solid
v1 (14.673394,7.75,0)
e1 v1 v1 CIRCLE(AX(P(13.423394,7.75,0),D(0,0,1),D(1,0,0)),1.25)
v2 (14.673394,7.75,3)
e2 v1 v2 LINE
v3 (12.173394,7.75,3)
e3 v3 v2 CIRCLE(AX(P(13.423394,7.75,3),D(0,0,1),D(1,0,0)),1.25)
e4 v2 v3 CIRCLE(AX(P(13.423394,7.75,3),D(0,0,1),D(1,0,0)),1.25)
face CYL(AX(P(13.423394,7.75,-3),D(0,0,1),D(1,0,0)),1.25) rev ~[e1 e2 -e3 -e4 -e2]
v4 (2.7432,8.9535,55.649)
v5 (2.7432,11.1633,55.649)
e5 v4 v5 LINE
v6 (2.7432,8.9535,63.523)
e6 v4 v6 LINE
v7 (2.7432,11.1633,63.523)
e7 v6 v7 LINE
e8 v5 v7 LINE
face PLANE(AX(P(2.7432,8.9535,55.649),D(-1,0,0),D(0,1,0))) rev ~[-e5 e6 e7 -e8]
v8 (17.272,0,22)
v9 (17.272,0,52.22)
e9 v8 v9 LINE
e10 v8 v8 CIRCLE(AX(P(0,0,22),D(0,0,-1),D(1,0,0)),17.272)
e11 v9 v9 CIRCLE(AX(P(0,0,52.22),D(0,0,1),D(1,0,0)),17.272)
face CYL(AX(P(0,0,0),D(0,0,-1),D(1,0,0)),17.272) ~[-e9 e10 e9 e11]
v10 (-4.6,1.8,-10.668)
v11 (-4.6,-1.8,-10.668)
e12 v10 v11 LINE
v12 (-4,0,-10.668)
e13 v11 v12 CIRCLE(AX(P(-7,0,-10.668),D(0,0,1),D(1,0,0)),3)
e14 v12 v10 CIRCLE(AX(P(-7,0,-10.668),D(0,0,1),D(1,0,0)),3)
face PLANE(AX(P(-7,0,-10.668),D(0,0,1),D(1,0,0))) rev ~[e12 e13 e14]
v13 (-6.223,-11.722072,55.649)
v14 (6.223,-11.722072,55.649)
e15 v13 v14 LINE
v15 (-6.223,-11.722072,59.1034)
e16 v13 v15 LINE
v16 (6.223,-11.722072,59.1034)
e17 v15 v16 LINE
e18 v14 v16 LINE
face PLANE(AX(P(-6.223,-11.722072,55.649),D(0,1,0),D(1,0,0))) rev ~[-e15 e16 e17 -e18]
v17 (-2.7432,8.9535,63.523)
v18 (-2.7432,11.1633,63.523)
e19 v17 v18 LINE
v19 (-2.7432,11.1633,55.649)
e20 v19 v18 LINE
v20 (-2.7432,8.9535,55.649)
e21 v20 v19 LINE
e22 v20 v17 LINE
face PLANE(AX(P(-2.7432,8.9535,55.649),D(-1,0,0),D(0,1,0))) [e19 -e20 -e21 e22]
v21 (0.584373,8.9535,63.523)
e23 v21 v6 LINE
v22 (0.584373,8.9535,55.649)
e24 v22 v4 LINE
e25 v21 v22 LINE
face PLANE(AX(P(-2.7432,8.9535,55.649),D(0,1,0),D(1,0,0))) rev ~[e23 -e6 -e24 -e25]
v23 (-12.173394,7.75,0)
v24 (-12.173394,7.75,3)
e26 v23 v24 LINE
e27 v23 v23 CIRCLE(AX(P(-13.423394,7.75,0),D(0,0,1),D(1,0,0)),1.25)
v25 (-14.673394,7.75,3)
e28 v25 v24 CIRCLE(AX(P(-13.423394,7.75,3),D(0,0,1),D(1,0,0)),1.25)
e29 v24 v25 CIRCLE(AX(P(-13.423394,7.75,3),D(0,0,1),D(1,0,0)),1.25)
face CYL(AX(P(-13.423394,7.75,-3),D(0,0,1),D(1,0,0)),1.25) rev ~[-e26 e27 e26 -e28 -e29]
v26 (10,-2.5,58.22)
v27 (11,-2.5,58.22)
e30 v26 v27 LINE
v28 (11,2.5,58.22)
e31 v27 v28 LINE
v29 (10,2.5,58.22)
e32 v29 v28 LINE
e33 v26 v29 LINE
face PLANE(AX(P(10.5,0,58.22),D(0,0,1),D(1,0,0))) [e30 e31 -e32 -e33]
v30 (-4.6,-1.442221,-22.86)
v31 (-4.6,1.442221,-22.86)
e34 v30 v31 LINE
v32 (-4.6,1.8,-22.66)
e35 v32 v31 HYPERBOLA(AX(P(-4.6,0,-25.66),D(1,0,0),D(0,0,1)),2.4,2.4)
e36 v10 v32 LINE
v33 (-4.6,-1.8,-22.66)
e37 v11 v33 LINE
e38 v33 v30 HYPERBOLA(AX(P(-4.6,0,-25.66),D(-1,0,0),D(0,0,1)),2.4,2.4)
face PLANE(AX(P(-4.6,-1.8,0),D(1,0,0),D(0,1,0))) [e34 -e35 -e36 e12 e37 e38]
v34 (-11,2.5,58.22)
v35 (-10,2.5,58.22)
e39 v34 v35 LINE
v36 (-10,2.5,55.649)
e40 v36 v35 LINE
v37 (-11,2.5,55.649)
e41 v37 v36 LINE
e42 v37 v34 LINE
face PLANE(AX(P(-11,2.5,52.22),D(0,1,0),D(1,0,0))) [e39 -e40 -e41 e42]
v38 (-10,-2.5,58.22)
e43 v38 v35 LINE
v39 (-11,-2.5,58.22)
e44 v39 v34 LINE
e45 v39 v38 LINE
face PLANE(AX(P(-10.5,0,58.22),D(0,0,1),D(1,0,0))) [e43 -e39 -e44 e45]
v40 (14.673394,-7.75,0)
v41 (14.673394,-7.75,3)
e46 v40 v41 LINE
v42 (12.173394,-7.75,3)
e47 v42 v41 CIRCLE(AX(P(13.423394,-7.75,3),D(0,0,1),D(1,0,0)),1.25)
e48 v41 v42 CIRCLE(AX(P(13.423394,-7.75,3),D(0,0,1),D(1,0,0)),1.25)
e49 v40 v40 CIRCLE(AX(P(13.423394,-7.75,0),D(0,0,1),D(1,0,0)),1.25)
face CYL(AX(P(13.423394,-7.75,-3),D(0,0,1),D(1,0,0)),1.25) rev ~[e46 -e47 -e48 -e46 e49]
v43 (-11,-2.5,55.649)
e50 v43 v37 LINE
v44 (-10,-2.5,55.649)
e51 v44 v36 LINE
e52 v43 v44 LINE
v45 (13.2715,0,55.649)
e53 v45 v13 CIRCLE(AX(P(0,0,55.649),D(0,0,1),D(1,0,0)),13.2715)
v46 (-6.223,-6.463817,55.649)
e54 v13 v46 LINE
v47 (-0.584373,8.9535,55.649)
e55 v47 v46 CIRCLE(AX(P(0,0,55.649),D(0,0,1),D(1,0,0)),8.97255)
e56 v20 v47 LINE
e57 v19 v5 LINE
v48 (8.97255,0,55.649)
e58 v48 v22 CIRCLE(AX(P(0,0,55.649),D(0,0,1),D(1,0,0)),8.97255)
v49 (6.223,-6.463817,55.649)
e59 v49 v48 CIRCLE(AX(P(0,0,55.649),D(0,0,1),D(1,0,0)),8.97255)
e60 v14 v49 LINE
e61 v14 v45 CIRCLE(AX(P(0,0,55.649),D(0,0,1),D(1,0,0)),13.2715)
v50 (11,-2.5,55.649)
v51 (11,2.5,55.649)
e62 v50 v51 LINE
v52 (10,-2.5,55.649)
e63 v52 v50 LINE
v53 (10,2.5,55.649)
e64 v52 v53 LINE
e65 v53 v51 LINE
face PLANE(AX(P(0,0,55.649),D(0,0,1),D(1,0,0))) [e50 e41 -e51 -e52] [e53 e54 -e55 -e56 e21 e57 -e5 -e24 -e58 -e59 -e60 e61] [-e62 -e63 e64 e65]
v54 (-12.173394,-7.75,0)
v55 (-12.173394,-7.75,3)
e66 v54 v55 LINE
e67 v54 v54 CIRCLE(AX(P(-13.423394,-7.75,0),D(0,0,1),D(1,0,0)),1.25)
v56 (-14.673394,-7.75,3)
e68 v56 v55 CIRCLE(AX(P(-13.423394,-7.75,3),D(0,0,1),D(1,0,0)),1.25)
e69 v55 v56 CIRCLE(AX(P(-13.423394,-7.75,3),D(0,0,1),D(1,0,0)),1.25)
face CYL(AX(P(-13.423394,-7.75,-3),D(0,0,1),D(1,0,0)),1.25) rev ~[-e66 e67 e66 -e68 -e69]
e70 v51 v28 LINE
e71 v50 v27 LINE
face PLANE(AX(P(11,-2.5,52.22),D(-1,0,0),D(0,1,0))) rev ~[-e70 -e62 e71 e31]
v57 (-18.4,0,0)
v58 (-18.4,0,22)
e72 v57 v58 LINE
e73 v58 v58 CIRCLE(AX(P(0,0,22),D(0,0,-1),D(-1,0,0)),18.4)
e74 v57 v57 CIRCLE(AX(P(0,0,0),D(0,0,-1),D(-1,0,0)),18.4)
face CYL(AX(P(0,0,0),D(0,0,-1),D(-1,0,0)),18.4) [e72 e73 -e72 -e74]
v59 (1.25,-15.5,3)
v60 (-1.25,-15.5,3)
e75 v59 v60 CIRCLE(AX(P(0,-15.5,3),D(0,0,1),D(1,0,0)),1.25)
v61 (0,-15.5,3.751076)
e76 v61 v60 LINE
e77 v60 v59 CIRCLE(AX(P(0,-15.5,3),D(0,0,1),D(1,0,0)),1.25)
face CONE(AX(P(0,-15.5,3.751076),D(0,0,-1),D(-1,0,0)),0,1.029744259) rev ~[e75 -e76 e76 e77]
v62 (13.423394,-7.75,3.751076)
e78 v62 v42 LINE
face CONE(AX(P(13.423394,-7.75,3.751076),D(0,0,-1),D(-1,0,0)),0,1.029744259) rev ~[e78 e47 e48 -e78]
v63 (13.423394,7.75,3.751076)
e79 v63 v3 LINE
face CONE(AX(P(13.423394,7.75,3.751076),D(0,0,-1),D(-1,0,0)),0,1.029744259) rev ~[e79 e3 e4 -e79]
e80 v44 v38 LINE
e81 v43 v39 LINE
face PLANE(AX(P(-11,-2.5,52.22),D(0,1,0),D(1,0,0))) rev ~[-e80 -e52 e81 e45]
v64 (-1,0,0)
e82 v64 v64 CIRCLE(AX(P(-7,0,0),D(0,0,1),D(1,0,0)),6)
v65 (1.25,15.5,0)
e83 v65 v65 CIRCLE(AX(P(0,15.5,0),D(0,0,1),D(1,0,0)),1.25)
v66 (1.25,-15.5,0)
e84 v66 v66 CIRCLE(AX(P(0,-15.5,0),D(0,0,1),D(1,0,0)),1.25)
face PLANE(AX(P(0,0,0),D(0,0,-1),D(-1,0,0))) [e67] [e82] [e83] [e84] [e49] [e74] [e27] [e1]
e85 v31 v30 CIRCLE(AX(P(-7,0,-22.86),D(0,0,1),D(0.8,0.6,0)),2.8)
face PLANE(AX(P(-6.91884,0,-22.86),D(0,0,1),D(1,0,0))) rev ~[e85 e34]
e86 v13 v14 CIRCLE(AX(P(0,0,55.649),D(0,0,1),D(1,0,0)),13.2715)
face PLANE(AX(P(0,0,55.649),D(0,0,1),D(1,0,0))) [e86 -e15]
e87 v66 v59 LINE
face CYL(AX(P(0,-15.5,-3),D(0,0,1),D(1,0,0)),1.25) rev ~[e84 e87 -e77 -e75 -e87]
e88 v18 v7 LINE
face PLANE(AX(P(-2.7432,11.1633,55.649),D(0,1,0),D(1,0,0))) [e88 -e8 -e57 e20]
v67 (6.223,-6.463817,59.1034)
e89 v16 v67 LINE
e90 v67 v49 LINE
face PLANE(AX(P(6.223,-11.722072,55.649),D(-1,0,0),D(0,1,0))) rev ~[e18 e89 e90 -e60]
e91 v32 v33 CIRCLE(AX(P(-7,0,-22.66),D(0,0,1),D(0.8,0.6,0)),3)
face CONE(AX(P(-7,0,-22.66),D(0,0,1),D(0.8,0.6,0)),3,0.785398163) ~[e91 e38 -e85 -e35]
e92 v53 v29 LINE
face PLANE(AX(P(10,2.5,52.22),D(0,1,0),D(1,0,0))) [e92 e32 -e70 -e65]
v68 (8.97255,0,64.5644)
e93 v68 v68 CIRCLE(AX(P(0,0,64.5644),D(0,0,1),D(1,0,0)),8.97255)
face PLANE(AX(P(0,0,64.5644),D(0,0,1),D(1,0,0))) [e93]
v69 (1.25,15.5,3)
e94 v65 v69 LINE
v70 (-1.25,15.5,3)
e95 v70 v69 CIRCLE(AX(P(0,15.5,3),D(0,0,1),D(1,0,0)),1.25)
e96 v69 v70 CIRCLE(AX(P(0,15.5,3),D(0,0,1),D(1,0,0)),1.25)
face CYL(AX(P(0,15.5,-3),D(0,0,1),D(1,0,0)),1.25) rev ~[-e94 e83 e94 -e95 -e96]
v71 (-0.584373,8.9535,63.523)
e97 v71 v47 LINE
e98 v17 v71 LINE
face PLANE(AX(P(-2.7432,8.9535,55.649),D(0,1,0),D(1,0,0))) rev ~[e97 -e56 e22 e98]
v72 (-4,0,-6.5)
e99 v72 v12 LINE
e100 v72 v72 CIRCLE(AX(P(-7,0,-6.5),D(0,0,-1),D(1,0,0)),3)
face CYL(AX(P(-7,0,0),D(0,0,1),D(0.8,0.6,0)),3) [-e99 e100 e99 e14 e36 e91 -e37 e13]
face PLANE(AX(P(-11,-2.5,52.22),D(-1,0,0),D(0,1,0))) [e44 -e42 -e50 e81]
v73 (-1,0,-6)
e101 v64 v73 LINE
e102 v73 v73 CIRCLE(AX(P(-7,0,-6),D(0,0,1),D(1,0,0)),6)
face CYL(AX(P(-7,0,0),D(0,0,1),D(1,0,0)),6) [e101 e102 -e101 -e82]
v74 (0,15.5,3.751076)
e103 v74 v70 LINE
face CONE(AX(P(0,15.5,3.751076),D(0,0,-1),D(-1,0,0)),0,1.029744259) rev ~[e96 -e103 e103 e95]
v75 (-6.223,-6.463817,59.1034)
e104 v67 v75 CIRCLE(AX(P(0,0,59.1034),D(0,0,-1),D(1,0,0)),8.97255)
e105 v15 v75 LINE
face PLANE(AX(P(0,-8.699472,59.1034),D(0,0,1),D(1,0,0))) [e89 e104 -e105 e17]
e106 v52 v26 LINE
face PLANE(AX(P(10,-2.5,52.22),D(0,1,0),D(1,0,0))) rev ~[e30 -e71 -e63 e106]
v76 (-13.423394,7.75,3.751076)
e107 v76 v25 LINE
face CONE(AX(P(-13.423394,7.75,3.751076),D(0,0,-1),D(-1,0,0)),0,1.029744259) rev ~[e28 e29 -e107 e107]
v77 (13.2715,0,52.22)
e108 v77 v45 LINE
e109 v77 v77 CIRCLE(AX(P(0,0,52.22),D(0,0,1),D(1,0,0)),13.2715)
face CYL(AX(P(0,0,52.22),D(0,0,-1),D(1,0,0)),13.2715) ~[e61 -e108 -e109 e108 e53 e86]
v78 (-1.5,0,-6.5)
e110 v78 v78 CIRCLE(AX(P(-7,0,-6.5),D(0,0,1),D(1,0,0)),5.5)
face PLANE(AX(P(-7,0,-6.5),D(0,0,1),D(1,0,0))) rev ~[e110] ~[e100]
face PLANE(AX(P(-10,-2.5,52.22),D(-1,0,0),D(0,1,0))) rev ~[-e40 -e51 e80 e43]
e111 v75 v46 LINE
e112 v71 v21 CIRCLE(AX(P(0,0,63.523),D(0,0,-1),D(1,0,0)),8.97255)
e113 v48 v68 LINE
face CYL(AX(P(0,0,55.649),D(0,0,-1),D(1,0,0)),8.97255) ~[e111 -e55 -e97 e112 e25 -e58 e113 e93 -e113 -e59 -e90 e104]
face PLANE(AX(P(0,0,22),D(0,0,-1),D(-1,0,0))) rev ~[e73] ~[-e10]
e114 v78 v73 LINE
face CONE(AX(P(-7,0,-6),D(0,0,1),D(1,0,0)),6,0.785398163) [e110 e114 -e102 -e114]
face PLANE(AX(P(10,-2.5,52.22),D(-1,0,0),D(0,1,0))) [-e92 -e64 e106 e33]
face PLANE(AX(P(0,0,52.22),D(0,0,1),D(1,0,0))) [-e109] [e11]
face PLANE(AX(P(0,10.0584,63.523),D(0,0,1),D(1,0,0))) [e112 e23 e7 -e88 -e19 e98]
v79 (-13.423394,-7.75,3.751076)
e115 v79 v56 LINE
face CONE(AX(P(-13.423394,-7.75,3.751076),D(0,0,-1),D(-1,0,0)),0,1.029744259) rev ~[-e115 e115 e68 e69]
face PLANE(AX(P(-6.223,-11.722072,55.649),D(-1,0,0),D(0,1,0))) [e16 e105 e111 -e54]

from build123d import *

# Parameters (mm, degrees)
SKETCH1_R                   = 17.272
BOSS_EXTRUDE1_DEPTH         = 52.22
SKETCH1_3_R                 = 6
BOSS_EXTRUDE2_DEPTH         = 6.5
BOSS_EXTRUDE3_DEPTH         = 22.86
BOSS_EXTRUDE4_DEPTH         = 10.668
SKETCH2_W                   = 1
SKETCH2_H                   = 5
BOSS_EXTRUDE5_DEPTH         = 6
SKETCH4_R                   = 18.4
BOSS_EXTRUDE6_DEPTH         = 22
TAP_DRILL_FOR_M3_TAP1_D     = 2.5
TAP_DRILL_FOR_M3_TAP1_DEPTH = 3
TAP_DRILL_FOR_M3_TAP1_TIP   = 0.751075774
SKETCH9_R                   = 13.2715
BOSS_EXTRUDE7_DEPTH         = 3.429
SKETCH10_R                  = 8.97255
BOSS_EXTRUDE8_DEPTH         = 8.9154
SKETCH11_W                  = 12.446
SKETCH11_H                  = 6.0452
BOSS_EXTRUDE9_DEPTH         = 3.4544
SKETCH12_W                  = 5.4864
SKETCH12_H                  = 2.2098
BOSS_EXTRUDE10_DEPTH        = 7.874
CHAMFER1_SIZE               = 0.2
CHAMFER2_SIZE               = 0.5


with BuildPart() as part:
    # Sketch1 → Boss-Extrude1 (new body)
    with BuildSketch(Plane.XY):
        Circle(SKETCH1_R)
    extrude(amount=BOSS_EXTRUDE1_DEPTH)

    # Sketch1<3> → Boss-Extrude2 (add)
    with BuildSketch(Plane.XY):
        with Locations((-7, 0)):
            Circle(SKETCH1_3_R)
    extrude(amount=-BOSS_EXTRUDE2_DEPTH)

    # Sketch1<4> → Boss-Extrude3 (add)
    with BuildSketch(Plane.XY):
        with BuildLine():
            Line((-4.6, -1.8), (-4.6, 1.8))
            ThreePointArc((-4.6, 1.8), (-10, 0), (-4.6, -1.8))
        make_face()
    extrude(amount=-BOSS_EXTRUDE3_DEPTH)

    # Sketch1<5> → Boss-Extrude4 (add)
    with BuildSketch(Plane.XY):
        with BuildLine():
            ThreePointArc((-4.6, -1.8), (-4, 0), (-4.6, 1.8))
            Line((-4.6, 1.8), (-4.6, -1.8))
        make_face()
    extrude(amount=-BOSS_EXTRUDE4_DEPTH)

    # Sketch2 → Boss-Extrude5 (add)
    with BuildSketch(Plane.XY.offset(52.22)):
        with Locations((-10.5, 0)):
            Rectangle(SKETCH2_W, SKETCH2_H)
        with Locations((10.5, 0)):
            Rectangle(SKETCH2_W, SKETCH2_H)
    extrude(amount=BOSS_EXTRUDE5_DEPTH)

    # Sketch4 → Boss-Extrude6 (add)
    with BuildSketch(Plane(origin=(0, 0, 0), x_dir=(-1, 0, 0), z_dir=(0, 0, -1))):
        Circle(SKETCH4_R)
    extrude(amount=-BOSS_EXTRUDE6_DEPTH)

    # Tap Drill for M3 Tap1
    with Locations(Plane(origin=(0, 0, 0), x_dir=(-1, 0, 0), z_dir=(0, 0, -1))):
        with Locations((-13.423393759, -7.75), (0, -15.5), (0, 15.5), (13.423393759, 7.75), (13.423393759, -7.75), (-13.423393759, 7.75)):
            Hole(TAP_DRILL_FOR_M3_TAP1_D / 2, depth=TAP_DRILL_FOR_M3_TAP1_DEPTH)
            with Locations((0, 0, -(TAP_DRILL_FOR_M3_TAP1_DEPTH + TAP_DRILL_FOR_M3_TAP1_TIP / 2))):  # 118° drill point
                Cone(0, TAP_DRILL_FOR_M3_TAP1_D / 2, TAP_DRILL_FOR_M3_TAP1_TIP, mode=Mode.SUBTRACT)

    # Sketch9 → Boss-Extrude7 (add)
    with BuildSketch(Plane.XY.offset(52.22)):
        Circle(SKETCH9_R)
    extrude(amount=BOSS_EXTRUDE7_DEPTH)

    # Sketch10 → Boss-Extrude8 (add)
    with BuildSketch(Plane.XY.offset(55.649)):
        Circle(SKETCH10_R)
    extrude(amount=BOSS_EXTRUDE8_DEPTH)

    # Sketch11 → Boss-Extrude9 (add)
    with BuildSketch(Plane.XY.offset(55.649)):
        with Locations((0, -8.699472481)):
            Rectangle(SKETCH11_W, SKETCH11_H)
    extrude(amount=BOSS_EXTRUDE9_DEPTH)

    # Sketch12 → Boss-Extrude10 (add)
    with BuildSketch(Plane.XY.offset(55.649)):
        with Locations((0, 10.0584)):
            Rectangle(SKETCH12_W, SKETCH12_H)
    extrude(amount=BOSS_EXTRUDE10_DEPTH)

    # Chamfer1
    chamfer1_edges = [part.edges().sort_by_distance(p)[0] for p in [
        (-10, 0, -22.86),
    ]]
    chamfer(chamfer1_edges, length=CHAMFER1_SIZE)

    # Chamfer2
    chamfer2_edges = [part.edges().sort_by_distance(p)[0] for p in [
        (-13, 0, -6.5),
    ]]
    chamfer(chamfer2_edges, length=CHAMFER2_SIZE)


solid = part.part
